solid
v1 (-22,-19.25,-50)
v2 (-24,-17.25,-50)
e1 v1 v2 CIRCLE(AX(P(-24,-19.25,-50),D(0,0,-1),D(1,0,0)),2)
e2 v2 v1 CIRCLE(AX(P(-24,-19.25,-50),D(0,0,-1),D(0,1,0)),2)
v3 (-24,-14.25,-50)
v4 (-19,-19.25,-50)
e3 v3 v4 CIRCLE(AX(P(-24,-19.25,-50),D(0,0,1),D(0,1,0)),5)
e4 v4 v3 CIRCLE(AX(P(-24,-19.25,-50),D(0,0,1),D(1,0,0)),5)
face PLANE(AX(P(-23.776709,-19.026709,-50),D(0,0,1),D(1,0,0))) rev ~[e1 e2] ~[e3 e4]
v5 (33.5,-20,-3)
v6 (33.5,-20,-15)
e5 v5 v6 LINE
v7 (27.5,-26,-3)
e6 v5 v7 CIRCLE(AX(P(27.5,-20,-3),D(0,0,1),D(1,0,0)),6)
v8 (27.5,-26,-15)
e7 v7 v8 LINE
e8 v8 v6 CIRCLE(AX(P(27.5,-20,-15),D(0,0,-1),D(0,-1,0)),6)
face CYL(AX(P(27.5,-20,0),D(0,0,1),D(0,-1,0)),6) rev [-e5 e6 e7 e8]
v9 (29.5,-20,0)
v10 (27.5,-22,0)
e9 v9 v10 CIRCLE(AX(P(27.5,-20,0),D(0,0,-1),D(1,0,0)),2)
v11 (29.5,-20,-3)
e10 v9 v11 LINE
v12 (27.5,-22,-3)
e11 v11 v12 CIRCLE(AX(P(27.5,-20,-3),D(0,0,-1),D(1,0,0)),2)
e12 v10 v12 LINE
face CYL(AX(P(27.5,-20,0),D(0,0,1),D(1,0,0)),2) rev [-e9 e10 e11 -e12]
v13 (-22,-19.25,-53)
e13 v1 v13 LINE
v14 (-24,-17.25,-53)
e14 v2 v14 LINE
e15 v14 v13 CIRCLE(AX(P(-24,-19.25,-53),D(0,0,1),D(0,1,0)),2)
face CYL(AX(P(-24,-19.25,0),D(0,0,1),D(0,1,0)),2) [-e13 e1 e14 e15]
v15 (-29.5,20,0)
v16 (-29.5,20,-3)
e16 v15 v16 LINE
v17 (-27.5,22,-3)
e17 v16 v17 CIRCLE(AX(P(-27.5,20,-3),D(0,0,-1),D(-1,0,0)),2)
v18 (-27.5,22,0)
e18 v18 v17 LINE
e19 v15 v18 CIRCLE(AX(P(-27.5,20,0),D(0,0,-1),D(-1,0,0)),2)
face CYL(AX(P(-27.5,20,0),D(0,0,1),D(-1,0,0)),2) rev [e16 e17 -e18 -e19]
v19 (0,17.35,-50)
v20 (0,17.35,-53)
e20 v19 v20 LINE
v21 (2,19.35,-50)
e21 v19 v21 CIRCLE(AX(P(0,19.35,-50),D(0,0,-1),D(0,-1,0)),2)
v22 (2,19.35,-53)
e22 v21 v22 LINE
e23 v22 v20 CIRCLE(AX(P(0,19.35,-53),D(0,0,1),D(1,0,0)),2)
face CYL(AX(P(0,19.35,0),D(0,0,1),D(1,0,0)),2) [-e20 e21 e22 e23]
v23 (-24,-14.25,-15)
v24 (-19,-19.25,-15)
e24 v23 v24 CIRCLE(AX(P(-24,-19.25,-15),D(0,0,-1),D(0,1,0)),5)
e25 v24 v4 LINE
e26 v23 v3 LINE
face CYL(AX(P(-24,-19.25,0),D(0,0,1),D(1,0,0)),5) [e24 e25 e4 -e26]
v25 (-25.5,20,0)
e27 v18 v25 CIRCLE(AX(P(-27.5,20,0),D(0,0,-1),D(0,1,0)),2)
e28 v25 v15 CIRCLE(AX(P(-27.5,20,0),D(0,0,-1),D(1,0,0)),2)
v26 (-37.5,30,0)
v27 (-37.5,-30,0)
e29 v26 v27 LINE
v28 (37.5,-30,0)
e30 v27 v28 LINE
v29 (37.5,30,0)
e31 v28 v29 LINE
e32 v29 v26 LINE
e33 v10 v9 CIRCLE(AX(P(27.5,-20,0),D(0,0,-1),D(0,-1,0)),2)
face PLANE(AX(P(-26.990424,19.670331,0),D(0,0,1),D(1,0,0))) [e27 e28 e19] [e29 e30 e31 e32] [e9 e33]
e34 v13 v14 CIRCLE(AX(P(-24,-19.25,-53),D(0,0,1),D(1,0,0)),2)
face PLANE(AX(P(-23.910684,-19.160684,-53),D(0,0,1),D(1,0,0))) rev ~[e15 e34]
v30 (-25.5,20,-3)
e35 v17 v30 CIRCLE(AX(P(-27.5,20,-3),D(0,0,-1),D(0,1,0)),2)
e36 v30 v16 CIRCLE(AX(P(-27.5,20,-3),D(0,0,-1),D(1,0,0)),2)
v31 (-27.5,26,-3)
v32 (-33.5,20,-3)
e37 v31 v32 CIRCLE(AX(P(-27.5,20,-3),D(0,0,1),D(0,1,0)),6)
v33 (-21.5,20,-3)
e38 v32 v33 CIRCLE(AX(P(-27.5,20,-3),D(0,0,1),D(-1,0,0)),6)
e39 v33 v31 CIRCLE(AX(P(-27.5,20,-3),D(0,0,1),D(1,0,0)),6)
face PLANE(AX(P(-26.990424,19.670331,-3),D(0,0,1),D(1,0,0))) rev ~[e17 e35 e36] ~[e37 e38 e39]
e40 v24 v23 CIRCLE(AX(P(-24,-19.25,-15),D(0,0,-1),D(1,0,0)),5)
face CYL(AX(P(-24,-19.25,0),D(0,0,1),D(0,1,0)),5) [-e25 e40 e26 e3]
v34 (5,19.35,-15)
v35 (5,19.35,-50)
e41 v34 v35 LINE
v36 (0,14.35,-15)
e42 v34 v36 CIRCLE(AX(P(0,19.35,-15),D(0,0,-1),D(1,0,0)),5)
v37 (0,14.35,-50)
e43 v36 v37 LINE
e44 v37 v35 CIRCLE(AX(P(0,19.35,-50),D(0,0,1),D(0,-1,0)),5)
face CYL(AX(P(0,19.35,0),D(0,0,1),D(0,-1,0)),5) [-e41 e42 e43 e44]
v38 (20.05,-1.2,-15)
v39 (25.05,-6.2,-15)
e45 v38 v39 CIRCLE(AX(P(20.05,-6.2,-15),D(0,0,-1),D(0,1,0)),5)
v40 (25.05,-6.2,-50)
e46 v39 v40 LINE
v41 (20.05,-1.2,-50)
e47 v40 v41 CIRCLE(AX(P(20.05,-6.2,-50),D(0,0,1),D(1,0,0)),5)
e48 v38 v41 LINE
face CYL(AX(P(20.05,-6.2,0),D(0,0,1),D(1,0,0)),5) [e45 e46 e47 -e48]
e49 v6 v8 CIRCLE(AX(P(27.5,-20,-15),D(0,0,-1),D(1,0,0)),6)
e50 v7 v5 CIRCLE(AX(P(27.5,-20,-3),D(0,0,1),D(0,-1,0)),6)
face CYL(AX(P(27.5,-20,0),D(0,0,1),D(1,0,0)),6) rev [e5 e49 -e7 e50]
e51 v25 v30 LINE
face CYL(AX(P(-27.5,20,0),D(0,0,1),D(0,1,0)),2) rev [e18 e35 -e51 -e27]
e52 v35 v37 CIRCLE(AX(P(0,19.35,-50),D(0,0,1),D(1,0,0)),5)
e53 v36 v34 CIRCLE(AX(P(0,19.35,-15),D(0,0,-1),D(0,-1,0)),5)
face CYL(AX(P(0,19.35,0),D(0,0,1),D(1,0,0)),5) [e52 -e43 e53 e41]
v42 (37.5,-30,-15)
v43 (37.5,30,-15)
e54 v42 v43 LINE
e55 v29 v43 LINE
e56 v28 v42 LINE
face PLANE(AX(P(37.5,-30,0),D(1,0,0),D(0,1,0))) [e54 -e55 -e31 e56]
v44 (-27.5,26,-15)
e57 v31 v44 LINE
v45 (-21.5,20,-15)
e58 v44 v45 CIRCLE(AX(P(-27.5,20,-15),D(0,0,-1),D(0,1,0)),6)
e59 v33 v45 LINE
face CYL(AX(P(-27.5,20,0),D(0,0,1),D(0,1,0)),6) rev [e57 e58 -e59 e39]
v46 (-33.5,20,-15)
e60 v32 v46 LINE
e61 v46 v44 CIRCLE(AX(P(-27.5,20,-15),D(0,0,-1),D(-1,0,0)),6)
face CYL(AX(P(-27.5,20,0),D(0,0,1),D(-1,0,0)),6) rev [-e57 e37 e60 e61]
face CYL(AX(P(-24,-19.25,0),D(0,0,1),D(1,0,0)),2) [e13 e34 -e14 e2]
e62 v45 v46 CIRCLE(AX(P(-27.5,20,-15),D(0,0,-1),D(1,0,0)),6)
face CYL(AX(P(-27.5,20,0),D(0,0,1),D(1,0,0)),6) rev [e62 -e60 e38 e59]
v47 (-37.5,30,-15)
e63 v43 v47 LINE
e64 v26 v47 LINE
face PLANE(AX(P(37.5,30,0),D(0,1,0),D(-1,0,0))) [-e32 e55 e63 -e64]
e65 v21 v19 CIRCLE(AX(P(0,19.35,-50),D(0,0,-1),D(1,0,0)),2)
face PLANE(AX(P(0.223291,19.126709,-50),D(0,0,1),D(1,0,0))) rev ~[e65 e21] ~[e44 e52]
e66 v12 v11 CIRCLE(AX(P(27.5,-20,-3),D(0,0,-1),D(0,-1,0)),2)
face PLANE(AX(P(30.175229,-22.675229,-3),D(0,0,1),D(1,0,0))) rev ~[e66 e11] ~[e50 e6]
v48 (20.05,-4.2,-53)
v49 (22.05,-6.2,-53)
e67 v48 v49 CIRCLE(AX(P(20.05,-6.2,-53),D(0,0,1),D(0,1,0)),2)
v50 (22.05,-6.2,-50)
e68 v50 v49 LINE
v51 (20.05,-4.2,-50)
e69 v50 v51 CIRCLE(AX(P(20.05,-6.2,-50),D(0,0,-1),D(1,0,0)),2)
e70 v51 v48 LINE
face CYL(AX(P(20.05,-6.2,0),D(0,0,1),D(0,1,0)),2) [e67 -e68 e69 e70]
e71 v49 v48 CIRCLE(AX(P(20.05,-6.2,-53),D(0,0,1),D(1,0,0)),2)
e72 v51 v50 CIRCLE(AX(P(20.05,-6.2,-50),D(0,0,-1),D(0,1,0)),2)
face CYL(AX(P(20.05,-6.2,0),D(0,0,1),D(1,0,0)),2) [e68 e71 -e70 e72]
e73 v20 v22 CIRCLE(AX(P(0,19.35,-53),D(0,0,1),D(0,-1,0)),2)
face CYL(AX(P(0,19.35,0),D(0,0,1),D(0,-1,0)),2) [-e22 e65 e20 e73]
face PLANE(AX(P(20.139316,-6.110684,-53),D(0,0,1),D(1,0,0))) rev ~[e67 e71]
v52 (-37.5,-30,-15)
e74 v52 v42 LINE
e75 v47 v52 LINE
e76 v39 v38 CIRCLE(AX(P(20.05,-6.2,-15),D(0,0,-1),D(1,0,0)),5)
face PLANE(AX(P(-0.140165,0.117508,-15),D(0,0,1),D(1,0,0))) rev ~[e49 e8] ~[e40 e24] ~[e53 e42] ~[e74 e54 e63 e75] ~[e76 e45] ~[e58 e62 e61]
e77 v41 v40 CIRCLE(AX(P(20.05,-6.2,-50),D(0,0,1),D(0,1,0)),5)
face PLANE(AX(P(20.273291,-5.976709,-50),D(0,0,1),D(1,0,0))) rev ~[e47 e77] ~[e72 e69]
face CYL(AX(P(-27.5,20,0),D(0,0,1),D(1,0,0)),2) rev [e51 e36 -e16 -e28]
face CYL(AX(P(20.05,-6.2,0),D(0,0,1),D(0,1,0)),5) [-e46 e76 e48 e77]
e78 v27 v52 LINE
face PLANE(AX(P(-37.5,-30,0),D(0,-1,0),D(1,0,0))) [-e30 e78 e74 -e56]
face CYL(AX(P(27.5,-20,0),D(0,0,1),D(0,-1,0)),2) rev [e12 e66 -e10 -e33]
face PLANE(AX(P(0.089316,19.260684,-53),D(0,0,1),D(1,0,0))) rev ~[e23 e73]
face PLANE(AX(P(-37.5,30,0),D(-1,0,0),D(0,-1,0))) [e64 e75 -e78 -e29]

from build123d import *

# Parameters (mm, degrees)
F1_DEPTH = 15
F2_DEPTH = 3
F3_DEPTH = 50
F4_DEPTH = 53


with BuildPart() as f1:
    # F0 (on Top) → F1 (new body)
    with BuildSketch(Plane.XY):
        with BuildLine():
            Line((37.5, -20), (37.5, 30))
            Line((37.5, 30), (-27.5, 30))
            Line((-27.5, 30), (-27.5, 26))
            ThreePointArc((-27.5, 26), (-23.2573593129, 24.2426406871), (-21.5, 20))
            ThreePointArc((-21.5, 20), (-27.5, 14), (-33.5, 20))
            Line((-33.5, 20), (-37.5, 20))
            Line((-37.5, 20), (-37.5, -30))
            Line((-37.5, -30), (27.5, -30))
            Line((27.5, -30), (27.5, -26))
            ThreePointArc((27.5, -26), (23.2573593129, -15.7573593129), (33.5, -20))
            Line((33.5, -20), (37.5, -20))
        make_face()
        with BuildLine():
            ThreePointArc((-19, -19.25), (-27.5355339059, -22.7855339059), (-24, -14.25))
            ThreePointArc((-24, -14.25), (-20.4644660941, -15.7144660941), (-19, -19.25))
        make_face(mode=Mode.SUBTRACT)
        with BuildLine():
            ThreePointArc((25.05, -6.2), (16.5144660941, -9.7355339059), (20.05, -1.2))
            ThreePointArc((20.05, -1.2), (23.5855339059, -2.6644660941), (25.05, -6.2))
        make_face(mode=Mode.SUBTRACT)
        with BuildLine():
            ThreePointArc((5, 19.35), (3.5355339059, 15.8144660941), (0, 14.35))
            ThreePointArc((0, 14.35), (-3.5355339059, 22.8855339059), (5, 19.35))
        make_face(mode=Mode.SUBTRACT)
        with BuildLine():
            Line((-27.5, 26), (-27.5, 30))
            Line((-27.5, 30), (-37.5, 30))
            Line((-37.5, 30), (-37.5, 20))
            Line((-37.5, 20), (-33.5, 20))
            ThreePointArc((-33.5, 20), (-31.7426406871, 24.2426406871), (-27.5, 26))
        make_face()
        with BuildLine():
            Line((37.5, -30), (37.5, -20))
            Line((37.5, -20), (33.5, -20))
            ThreePointArc((33.5, -20), (31.7426406871, -24.2426406871), (27.5, -26))
            Line((27.5, -26), (27.5, -30))
            Line((27.5, -30), (37.5, -30))
        make_face()
    extrude(amount=-F1_DEPTH)

    # F0 (on Top) → F2 (join)
    with BuildSketch(Plane.XY):
        with BuildLine():
            ThreePointArc((-21.5, 20), (-23.2573593129, 24.2426406871), (-27.5, 26))
            Line((-27.5, 26), (-27.5, 22))
            ThreePointArc((-27.5, 22), (-26.0857864376, 21.4142135624), (-25.5, 20))
            ThreePointArc((-25.5, 20), (-27.5, 18), (-29.5, 20))
            Line((-29.5, 20), (-33.5, 20))
            ThreePointArc((-33.5, 20), (-27.5, 14), (-21.5, 20))
        make_face()
        with BuildLine():
            Line((-27.5, 22), (-27.5, 26))
            ThreePointArc((-27.5, 26), (-31.7426406871, 24.2426406871), (-33.5, 20))
            Line((-33.5, 20), (-29.5, 20))
            ThreePointArc((-29.5, 20), (-28.9142135624, 21.4142135624), (-27.5, 22))
        make_face()
        with BuildLine():
            ThreePointArc((27.5, -26), (31.7426406871, -24.2426406871), (33.5, -20))
            Line((33.5, -20), (29.5, -20))
            ThreePointArc((29.5, -20), (28.9142135624, -21.4142135624), (27.5, -22))
            Line((27.5, -22), (27.5, -26))
        make_face()
        with BuildLine():
            Line((29.5, -20), (33.5, -20))
            ThreePointArc((33.5, -20), (23.2573593129, -15.7573593129), (27.5, -26))
            Line((27.5, -26), (27.5, -22))
            ThreePointArc((27.5, -22), (26.0857864376, -18.5857864376), (29.5, -20))
        make_face()
    extrude(amount=-F2_DEPTH)

    # F0 (on Top) → F3 (join)
    with BuildSketch(Plane.XY):
        with BuildLine():
            ThreePointArc((5, 19.35), (-3.5355339059, 22.8855339059), (0, 14.35))
            ThreePointArc((0, 14.35), (3.5355339059, 15.8144660941), (5, 19.35))
        make_face()
        with BuildLine():
            ThreePointArc((2, 19.35), (1.4142135624, 17.9357864376), (0, 17.35))
            ThreePointArc((0, 17.35), (-1.4142135624, 20.7642135624), (2, 19.35))
        make_face(mode=Mode.SUBTRACT)
        with BuildLine():
            ThreePointArc((-19, -19.25), (-20.4644660941, -15.7144660941), (-24, -14.25))
            ThreePointArc((-24, -14.25), (-27.5355339059, -22.7855339059), (-19, -19.25))
        make_face()
        with BuildLine():
            ThreePointArc((-22, -19.25), (-25.4142135624, -20.6642135624), (-24, -17.25))
            ThreePointArc((-24, -17.25), (-22.5857864376, -17.8357864376), (-22, -19.25))
        make_face(mode=Mode.SUBTRACT)
        with BuildLine():
            ThreePointArc((25.05, -6.2), (23.5855339059, -2.6644660941), (20.05, -1.2))
            ThreePointArc((20.05, -1.2), (16.5144660941, -9.7355339059), (25.05, -6.2))
        make_face()
        with BuildLine():
            ThreePointArc((22.05, -6.2), (18.6357864376, -7.6142135624), (20.05, -4.2))
            ThreePointArc((20.05, -4.2), (21.4642135624, -4.7857864376), (22.05, -6.2))
        make_face(mode=Mode.SUBTRACT)
    extrude(amount=-F3_DEPTH)

    # F0 (on Top) → F4 (join)
    with BuildSketch(Plane.XY):
        with BuildLine():
            ThreePointArc((2, 19.35), (-1.4142135624, 20.7642135624), (0, 17.35))
            ThreePointArc((0, 17.35), (1.4142135624, 17.9357864376), (2, 19.35))
        make_face()
        with BuildLine():
            ThreePointArc((-22, -19.25), (-22.5857864376, -17.8357864376), (-24, -17.25))
            ThreePointArc((-24, -17.25), (-25.4142135624, -20.6642135624), (-22, -19.25))
        make_face()
        with BuildLine():
            ThreePointArc((22.05, -6.2), (21.4642135624, -4.7857864376), (20.05, -4.2))
            ThreePointArc((20.05, -4.2), (18.6357864376, -7.6142135624), (22.05, -6.2))
        make_face()
    extrude(amount=-F4_DEPTH)


solid = f1.part
